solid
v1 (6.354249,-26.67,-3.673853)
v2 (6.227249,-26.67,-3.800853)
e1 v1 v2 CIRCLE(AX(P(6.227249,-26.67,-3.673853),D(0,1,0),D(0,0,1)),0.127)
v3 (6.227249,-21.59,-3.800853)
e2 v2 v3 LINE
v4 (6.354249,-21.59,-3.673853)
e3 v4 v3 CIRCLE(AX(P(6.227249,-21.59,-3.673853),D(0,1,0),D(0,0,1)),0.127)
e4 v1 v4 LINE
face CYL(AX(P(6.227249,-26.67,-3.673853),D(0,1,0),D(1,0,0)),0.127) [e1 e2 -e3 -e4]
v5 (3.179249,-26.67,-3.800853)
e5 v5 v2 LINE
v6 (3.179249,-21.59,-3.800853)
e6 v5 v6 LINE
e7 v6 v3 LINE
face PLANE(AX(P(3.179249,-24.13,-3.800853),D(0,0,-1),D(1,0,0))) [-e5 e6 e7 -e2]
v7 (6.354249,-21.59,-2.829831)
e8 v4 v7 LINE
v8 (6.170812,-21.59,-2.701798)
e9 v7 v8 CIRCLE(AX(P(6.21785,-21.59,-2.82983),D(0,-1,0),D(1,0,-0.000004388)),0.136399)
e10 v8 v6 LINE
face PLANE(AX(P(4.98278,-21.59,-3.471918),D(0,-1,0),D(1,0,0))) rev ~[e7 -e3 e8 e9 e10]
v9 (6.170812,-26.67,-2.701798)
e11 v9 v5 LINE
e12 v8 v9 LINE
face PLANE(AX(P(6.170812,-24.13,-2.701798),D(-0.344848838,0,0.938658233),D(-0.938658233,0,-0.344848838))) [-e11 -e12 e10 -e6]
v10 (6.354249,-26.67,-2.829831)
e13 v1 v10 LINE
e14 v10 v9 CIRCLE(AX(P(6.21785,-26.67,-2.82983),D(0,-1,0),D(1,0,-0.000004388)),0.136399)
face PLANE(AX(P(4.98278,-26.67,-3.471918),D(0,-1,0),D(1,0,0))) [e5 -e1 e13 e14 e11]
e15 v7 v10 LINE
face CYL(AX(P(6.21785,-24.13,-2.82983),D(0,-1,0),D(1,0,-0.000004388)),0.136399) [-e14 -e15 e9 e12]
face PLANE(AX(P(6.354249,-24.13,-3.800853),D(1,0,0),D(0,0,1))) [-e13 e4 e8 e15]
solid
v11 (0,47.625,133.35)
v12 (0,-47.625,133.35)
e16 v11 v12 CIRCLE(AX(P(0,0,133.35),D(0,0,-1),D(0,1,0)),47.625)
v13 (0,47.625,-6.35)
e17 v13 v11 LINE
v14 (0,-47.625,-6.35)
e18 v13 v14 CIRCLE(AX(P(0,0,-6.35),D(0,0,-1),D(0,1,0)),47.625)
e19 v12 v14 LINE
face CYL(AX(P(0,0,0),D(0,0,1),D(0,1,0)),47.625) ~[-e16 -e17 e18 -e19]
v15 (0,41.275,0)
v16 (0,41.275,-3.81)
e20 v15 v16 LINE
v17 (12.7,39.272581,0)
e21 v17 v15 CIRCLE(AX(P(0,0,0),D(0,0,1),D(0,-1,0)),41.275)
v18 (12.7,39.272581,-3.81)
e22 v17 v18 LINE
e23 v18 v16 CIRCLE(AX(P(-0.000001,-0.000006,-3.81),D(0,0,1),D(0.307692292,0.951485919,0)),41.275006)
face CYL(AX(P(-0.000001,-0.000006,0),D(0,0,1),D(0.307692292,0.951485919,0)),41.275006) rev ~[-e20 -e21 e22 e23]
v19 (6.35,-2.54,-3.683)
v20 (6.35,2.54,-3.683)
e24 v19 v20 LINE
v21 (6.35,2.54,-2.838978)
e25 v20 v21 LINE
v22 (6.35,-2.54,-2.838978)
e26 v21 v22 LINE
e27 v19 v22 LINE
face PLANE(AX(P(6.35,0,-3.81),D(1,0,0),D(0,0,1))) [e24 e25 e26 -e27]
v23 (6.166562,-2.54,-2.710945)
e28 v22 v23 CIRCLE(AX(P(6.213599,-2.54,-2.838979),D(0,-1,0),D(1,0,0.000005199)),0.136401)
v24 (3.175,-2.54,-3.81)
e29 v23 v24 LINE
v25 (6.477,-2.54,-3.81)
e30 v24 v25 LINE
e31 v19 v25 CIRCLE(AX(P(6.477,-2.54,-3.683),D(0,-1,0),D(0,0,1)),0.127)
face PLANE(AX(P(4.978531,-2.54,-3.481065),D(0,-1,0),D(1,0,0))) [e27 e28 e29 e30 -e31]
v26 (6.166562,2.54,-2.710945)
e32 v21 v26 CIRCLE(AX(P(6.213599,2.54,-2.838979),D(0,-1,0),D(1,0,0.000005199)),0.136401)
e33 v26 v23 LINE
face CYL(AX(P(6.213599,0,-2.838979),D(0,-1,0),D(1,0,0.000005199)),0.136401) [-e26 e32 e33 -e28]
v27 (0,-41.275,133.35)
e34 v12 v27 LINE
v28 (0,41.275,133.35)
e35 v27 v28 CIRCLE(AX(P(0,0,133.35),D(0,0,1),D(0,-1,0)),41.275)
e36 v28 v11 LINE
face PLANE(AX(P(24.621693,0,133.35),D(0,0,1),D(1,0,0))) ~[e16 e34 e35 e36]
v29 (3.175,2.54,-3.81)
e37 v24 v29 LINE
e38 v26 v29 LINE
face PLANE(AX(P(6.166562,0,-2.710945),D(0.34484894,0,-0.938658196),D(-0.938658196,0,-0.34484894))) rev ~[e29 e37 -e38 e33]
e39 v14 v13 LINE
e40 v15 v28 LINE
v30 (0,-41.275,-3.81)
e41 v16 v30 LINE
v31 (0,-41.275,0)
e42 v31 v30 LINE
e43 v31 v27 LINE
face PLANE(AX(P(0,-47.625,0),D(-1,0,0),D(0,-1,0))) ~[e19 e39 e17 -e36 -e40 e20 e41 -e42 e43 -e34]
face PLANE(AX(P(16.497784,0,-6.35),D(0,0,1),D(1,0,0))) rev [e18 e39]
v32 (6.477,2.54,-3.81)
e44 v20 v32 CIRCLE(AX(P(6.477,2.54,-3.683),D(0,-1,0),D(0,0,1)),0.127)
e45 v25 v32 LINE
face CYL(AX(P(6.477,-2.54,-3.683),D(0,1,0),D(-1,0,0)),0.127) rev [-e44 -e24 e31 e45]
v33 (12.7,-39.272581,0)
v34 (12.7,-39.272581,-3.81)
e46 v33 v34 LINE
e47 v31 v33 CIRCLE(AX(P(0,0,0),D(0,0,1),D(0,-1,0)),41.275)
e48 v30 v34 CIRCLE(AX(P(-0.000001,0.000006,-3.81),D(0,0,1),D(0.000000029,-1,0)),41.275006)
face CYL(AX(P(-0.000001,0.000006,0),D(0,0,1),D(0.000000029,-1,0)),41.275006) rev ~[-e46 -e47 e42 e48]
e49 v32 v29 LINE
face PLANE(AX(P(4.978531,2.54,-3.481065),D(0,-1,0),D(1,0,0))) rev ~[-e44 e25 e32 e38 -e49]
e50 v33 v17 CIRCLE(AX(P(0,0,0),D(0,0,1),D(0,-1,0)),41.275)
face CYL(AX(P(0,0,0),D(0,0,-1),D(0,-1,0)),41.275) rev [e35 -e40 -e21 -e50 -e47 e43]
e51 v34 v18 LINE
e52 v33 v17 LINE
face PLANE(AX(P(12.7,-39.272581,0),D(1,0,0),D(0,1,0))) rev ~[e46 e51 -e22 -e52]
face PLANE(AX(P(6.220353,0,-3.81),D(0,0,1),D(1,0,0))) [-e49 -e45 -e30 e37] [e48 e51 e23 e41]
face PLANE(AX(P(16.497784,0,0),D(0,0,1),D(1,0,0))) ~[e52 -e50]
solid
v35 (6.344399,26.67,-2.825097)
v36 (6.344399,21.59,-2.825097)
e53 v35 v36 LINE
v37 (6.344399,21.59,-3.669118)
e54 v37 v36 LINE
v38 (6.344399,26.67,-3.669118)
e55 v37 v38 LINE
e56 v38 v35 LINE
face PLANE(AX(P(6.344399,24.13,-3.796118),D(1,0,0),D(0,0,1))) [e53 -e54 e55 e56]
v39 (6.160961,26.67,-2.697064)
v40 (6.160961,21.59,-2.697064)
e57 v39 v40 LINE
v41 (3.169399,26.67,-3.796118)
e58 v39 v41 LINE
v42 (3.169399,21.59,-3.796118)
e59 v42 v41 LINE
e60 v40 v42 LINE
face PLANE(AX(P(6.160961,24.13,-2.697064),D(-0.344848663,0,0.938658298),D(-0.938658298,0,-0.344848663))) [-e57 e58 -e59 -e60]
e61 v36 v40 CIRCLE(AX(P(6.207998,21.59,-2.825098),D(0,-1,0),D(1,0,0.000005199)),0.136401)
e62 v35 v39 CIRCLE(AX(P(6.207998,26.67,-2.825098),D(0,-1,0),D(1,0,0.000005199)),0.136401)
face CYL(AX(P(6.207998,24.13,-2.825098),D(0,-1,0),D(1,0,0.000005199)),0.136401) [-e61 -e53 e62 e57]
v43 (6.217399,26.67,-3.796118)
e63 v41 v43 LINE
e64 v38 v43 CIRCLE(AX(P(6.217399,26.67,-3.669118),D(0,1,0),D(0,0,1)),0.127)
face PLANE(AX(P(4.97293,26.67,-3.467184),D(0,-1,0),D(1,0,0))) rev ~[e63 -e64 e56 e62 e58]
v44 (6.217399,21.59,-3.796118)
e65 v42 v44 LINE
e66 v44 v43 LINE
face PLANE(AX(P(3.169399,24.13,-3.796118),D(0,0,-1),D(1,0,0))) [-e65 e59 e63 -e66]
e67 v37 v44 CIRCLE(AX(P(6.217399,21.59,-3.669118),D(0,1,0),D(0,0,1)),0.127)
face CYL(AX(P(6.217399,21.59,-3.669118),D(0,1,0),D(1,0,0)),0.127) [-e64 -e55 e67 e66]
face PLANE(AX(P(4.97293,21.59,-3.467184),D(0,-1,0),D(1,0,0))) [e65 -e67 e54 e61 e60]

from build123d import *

# Parameters (mm, degrees)
F1_DEPTH       = 133.35
F3_DEPTH       = 6.35
F7_DEPTH       = 3.81
F9_DEPTH       = 2.54
F9_DEPTH_BACK  = 2.54
F13_DEPTH      = 2.54
F13_DEPTH_BACK = 2.54
F15_DEPTH      = 2.54
F15_DEPTH_BACK = 2.54
F16_R          = 0.127
F16_2_R        = 0.127
F16_3_R        = 0.127


with BuildPart() as f1:
    # F0 (on Top) → F1 (new body)
    with BuildSketch(Plane.XY):
        with BuildLine():
            Line((0, 41.275), (0, 47.625))
            ThreePointArc((0, 47.625), (-47.625, 0), (0, -47.625))
            Line((0, -47.625), (0, -41.275))
            ThreePointArc((0, -41.275), (-41.275, 0), (0, 41.275))
        make_face()
    extrude(amount=F1_DEPTH)

    # F2 (on Top) → F3 (join)
    with BuildSketch(Plane.XY):
        with BuildLine():
            Line((0, -47.625), (0, 47.625))
            ThreePointArc((0, 47.625), (-47.625, 0), (0, -47.625))
        make_face()
    extrude(amount=-F3_DEPTH)


with BuildPart() as f4_1:
    # F4: instance of F1
    add(f1.part.mirror(Plane.YZ))

    # F6 (on face) → F7 (cut)
    with BuildSketch(Plane.XY):
        with BuildLine():
            ThreePointArc((12.7, 39.272581), (6.428446, 40.771322), (0, 41.275))
            Line((0, 41.275), (0, -41.275))
            ThreePointArc((0, -41.275), (6.428446, -40.771322), (12.7, -39.272581))
            Line((12.7, -39.272581), (12.7, 39.272581))
        make_face()
    extrude(amount=-F7_DEPTH, mode=Mode.SUBTRACT)

    # F8 (on Front) → F9 (join, two sides)
    with BuildSketch(Plane.XZ) as f9_sk:
        with BuildLine():
            Line((6.35, -3.81), (6.35, -2.838978))
            ThreePointArc((6.35, -2.838978), (6.291667, -2.727128), (6.166562, -2.710945))
            Line((6.166562, -2.710945), (3.175, -3.81))
            Line((3.175, -3.81), (6.35, -3.81))
        make_face()
    extrude(amount=F9_DEPTH)
    extrude(f9_sk.sketch, amount=-F9_DEPTH_BACK)

    # F16
    f16_edges = [f4_1.edges().sort_by_distance(p)[0] for p in [
        (6.35, 0, -3.81),
    ]]
    fillet(f16_edges, radius=F16_R)


with BuildPart() as f13:
    # F12 (on offset) → F13 (new body, two sides)
    with BuildSketch(Plane.XZ.offset(24.13)) as f13_sk:
        with BuildLine():
            Line((6.354249, -3.800853), (6.354249, -2.829831))
            ThreePointArc((6.354249, -2.829831), (6.295917, -2.717981), (6.170812, -2.701798))
            Line((6.170812, -2.701798), (3.179249, -3.800853))
            Line((3.179249, -3.800853), (6.354249, -3.800853))
        make_face()
    extrude(amount=F13_DEPTH)
    extrude(f13_sk.sketch, amount=-F13_DEPTH_BACK)

    # F16#2
    f16_2_edges = [f13.edges().sort_by_distance(p)[0] for p in [
        (6.354249, -24.13, -3.800853),
    ]]
    fillet(f16_2_edges, radius=F16_2_R)


with BuildPart() as f15:
    # F14 (on offset) → F15 (new body, two sides)
    with BuildSketch(Plane.XZ.offset(-24.13)) as f15_sk:
        with BuildLine():
            Line((6.344399, -3.796118), (6.344399, -2.825097))
            ThreePointArc((6.344399, -2.825097), (6.286066, -2.713247), (6.160961, -2.697064))
            Line((6.160961, -2.697064), (3.169399, -3.796118))
            Line((3.169399, -3.796118), (6.344399, -3.796118))
        make_face()
    extrude(amount=F15_DEPTH)
    extrude(f15_sk.sketch, amount=-F15_DEPTH_BACK)

    # F16#3
    f16_3_edges = [f15.edges().sort_by_distance(p)[0] for p in [
        (6.344399, 24.13, -3.796118),
    ]]
    fillet(f16_3_edges, radius=F16_3_R)


solid = Compound([f4_1.part, f13.part, f15.part])
